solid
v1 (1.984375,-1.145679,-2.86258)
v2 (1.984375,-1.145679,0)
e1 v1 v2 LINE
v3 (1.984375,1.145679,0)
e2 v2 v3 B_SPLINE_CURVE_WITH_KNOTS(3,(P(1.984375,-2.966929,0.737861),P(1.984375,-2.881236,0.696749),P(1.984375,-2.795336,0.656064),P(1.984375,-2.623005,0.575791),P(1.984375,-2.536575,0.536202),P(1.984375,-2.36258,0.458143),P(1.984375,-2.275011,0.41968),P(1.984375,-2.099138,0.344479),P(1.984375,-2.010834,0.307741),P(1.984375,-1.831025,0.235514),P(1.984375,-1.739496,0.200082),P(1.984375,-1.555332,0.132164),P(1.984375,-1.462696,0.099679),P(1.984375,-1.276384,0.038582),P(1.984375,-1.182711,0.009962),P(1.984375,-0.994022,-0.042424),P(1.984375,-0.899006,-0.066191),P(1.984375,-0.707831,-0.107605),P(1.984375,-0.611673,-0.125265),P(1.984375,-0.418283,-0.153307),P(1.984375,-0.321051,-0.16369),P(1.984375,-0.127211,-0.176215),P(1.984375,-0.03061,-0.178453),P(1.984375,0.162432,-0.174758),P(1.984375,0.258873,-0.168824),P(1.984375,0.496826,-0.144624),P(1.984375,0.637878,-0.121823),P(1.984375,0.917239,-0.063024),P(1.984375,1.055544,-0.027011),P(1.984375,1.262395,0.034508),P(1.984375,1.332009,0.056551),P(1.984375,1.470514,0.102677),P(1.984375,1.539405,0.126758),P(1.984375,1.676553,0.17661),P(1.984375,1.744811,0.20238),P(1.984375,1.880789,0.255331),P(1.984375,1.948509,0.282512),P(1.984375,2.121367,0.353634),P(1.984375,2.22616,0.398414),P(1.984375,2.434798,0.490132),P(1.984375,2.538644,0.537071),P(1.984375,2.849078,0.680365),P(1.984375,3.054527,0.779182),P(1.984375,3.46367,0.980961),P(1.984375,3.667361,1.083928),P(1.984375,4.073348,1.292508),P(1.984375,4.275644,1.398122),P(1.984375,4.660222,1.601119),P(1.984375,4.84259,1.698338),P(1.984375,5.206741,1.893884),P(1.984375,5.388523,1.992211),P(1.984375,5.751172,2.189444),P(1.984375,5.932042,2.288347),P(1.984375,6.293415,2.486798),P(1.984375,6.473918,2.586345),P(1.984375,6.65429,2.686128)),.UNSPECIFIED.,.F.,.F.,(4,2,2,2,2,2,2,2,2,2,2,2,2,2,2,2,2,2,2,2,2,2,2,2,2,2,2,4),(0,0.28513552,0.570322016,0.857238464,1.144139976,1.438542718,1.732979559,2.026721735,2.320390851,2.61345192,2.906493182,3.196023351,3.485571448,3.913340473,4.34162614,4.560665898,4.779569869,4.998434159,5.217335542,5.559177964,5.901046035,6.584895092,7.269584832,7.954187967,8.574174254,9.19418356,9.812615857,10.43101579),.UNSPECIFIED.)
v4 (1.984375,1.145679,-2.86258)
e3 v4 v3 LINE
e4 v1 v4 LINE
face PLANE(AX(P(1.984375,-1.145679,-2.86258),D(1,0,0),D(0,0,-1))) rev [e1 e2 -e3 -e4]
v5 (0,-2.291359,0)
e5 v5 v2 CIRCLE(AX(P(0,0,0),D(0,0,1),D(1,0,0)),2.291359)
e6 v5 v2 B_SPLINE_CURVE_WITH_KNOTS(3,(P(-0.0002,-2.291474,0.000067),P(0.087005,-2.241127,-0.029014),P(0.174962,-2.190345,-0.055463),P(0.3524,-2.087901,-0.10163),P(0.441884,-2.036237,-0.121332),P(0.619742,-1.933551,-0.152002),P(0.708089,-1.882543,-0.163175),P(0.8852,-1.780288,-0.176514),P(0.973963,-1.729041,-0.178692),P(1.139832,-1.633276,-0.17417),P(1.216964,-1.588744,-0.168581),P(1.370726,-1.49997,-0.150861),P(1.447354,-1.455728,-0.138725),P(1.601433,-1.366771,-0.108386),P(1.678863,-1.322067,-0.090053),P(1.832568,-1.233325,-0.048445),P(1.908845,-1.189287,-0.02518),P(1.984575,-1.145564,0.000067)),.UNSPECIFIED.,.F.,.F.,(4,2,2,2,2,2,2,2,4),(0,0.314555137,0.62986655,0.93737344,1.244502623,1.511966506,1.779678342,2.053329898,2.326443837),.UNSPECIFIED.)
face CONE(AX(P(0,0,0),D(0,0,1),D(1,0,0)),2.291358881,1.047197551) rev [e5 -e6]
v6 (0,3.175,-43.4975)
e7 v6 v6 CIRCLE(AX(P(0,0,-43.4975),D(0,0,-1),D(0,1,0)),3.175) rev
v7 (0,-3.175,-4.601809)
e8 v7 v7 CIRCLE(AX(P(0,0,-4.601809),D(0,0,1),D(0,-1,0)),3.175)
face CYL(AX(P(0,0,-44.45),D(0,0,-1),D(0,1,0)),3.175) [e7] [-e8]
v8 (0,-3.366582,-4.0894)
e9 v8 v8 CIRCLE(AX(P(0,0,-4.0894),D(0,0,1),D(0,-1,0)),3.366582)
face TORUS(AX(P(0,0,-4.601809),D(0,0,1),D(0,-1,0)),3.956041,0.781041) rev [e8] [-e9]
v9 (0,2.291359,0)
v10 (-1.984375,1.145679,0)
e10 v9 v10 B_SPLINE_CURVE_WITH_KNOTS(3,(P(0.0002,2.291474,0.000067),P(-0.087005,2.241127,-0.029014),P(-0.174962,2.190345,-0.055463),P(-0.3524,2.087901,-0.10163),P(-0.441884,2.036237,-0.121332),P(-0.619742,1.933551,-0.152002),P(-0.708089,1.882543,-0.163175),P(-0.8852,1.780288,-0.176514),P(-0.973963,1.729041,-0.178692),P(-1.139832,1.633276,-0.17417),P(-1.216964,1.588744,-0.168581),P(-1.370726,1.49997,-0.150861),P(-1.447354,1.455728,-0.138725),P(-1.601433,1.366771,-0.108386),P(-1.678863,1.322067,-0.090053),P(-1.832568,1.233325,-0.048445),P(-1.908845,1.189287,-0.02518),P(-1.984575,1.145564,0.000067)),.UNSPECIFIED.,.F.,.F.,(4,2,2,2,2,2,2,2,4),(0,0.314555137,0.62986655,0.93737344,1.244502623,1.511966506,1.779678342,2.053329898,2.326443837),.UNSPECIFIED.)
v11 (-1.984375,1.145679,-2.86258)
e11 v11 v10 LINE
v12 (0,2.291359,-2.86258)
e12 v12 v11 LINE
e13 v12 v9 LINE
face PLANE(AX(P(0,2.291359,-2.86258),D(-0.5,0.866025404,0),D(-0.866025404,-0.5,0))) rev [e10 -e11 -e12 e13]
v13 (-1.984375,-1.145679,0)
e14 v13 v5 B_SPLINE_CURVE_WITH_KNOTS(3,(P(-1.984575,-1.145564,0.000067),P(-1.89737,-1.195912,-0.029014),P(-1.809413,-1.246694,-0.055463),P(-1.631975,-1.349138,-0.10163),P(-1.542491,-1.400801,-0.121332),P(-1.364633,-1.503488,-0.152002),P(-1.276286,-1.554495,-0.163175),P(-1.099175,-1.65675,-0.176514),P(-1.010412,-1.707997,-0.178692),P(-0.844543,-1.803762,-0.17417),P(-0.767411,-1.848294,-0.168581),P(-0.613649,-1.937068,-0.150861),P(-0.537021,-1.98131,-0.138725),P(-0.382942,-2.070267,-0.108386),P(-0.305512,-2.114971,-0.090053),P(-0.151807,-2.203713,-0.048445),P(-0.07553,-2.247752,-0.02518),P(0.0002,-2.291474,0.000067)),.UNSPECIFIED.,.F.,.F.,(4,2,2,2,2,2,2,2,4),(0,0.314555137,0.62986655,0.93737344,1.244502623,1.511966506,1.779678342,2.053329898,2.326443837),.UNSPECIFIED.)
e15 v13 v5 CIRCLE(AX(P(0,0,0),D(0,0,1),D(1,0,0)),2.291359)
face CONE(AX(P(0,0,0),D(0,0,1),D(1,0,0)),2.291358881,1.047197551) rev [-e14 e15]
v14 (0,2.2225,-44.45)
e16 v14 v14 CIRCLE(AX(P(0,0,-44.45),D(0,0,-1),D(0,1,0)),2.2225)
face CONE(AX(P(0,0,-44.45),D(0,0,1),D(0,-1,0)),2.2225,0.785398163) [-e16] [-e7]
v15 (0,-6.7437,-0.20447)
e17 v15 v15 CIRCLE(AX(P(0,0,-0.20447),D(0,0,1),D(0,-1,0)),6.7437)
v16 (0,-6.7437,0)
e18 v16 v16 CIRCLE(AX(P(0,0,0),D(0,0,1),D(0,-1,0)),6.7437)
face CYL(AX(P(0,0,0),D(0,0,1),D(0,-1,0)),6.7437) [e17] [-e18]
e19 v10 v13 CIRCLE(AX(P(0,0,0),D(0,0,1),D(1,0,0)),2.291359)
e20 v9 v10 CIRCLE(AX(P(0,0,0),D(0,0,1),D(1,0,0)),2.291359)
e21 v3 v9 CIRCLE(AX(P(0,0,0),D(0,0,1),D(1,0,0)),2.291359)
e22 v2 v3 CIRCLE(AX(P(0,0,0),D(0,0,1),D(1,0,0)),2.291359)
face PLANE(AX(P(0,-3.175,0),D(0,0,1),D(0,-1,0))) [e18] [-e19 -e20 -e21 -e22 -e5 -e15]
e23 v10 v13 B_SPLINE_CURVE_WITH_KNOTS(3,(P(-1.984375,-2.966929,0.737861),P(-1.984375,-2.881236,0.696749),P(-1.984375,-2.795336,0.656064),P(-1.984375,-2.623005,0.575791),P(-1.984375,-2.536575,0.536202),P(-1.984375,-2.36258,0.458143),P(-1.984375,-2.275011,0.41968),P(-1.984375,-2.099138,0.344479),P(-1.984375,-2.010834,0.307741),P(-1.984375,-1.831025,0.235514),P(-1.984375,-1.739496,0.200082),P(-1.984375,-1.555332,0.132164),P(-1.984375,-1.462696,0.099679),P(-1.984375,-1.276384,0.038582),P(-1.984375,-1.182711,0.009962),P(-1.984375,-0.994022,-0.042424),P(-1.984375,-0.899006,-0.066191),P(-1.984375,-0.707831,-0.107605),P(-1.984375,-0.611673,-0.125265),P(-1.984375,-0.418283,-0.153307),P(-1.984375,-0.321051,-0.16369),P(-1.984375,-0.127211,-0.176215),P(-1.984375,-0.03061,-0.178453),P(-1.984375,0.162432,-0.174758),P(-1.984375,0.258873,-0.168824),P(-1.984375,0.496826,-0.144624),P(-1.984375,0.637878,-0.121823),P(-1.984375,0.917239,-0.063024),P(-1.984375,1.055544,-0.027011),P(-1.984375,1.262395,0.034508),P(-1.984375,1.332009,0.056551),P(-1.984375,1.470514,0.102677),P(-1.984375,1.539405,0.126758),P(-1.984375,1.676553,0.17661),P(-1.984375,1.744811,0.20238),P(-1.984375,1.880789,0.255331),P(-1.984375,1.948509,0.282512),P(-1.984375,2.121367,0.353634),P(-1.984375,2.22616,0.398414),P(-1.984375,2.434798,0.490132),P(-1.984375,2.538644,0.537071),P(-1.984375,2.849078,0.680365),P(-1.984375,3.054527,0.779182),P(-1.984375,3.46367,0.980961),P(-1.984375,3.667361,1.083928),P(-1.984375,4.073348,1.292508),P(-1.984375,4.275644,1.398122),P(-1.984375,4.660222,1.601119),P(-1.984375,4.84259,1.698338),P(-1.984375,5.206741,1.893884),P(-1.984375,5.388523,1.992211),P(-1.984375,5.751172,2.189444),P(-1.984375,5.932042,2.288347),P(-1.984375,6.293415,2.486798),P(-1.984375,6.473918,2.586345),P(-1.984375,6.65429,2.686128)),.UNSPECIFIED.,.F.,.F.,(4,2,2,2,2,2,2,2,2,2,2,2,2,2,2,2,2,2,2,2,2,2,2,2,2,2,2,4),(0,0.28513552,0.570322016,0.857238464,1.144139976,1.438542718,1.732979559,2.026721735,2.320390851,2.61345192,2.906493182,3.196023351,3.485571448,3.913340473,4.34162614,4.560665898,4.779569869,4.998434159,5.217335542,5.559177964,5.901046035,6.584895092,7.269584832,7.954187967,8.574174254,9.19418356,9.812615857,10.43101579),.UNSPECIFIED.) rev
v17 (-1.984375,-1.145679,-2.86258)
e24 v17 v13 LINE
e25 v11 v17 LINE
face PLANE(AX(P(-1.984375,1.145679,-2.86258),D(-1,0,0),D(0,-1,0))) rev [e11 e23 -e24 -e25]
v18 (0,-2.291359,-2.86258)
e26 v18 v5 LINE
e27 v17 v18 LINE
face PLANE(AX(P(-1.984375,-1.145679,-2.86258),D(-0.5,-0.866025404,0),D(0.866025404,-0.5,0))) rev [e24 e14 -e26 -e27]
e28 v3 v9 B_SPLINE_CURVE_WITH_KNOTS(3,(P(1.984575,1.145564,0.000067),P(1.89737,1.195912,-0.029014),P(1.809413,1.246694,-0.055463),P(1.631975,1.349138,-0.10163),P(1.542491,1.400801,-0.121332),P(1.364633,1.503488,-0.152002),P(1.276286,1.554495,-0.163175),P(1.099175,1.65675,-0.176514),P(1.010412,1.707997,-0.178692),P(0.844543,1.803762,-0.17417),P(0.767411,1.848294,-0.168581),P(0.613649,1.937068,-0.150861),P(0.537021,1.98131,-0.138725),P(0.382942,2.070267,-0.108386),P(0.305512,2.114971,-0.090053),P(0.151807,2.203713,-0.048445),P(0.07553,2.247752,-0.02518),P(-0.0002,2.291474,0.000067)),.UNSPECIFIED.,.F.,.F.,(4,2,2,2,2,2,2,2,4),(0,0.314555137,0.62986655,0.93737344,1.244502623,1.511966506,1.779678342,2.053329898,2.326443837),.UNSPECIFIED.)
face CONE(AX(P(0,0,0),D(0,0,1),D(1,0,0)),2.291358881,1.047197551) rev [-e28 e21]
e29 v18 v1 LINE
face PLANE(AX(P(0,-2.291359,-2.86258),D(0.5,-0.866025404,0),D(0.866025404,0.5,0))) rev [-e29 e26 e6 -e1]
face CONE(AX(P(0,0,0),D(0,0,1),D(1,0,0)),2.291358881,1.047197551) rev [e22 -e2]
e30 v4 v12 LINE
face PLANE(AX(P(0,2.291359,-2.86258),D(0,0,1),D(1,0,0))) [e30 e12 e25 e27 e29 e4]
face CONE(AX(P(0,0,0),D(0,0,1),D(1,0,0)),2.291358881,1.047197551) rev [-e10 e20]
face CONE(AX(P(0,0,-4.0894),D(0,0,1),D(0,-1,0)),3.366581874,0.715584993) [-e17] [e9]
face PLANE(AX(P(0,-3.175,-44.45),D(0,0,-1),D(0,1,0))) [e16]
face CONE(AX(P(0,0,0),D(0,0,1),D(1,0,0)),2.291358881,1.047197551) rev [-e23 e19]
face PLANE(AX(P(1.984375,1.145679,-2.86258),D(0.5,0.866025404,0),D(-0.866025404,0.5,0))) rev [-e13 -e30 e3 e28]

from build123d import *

# Parameters (mm, degrees)
SKETCH1_W           = 44.45
SKETCH1_H           = 3.175
CHAMFER1_SIZE       = 0.9525
CUT_EXTRUDE2_DEPTH  = 2.86258
BOSS_EXTRUDE2_START = -17.623191003
SKETCH9_R           = 3.175
BOSS_EXTRUDE2_DEPTH = 17.623191003


with BuildPart() as part:
    # Sketch1 → Revolve1 (revolve)
    with BuildSketch(Plane(origin=(0, 0, 0), x_dir=(0, 0, -1), z_dir=(1, 0, 0))):
        with Locations((22.225, 1.5875)):
            Rectangle(SKETCH1_W, SKETCH1_H)
    revolve(axis=Axis((0, 0, -44.45), (0, 0, 1)))

    # Chamfer1
    chamfer1_edges = [part.edges().sort_by_distance(p)[0] for p in [
        (0, -3.175, -44.45),
    ]]
    chamfer(chamfer1_edges, length=CHAMFER1_SIZE)

    # Sketch7 → Revolve2 (revolve)
    with BuildSketch(Plane(origin=(0, 0, 0), x_dir=(0, 0, -1), z_dir=(1, 0, 0)), mode=Mode.PRIVATE) as revolve2_sk:
        with BuildLine():
            Line((0, 6.7437), (0.20447, 6.7437))
            Line((0.20447, 6.7437), (4.0894, 3.366581874))
            ThreePointArc((4.0894, 3.366581874), (4.328282675, 3.224461616), (4.601808997, 3.175))
            Line((4.601808997, 3.175), (4.601808997, 0))
            Line((4.601808997, 0), (0, 0))
            Line((0, 0), (0, 6.7437))
        make_face()
    revolve(revolve2_sk.sketch.rotate(Axis((0, 0, 0), (0, 0, -1)), 180), axis=Axis((0, 0, 0), (0, 0, -1)))

    # Boss-Extrude1 cone 1 section (through the dimple's axis) → Boss-Extrude1 (revolve)
    with BuildSketch(Plane(origin=(0, 0, -4.601808997), x_dir=(0, -1, 0), z_dir=(1, 0, 0))):
        Polygon((0, 0), (3.175, 0), (0, 3.06606186), align=None)
    revolve(axis=Axis((0, 0, -4.601808997), (0, 0, -1)))

    # Sketch5 → Cut-Extrude2 (cut)
    with BuildSketch(Plane.XY):
        Polygon((0, 2.291358881), (-1.984375, 1.14567944), (-1.984375, -1.14567944), (0, -2.291358881), (1.984375, -1.14567944), (1.984375, 1.14567944), align=None)
    extrude(amount=-CUT_EXTRUDE2_DEPTH, mode=Mode.SUBTRACT)

    # Cut-Extrude3 cone 1 section (through the dimple's axis) → Cut-Extrude3 (revolve, cut)
    with BuildSketch(Plane(origin=(0, 0, 0), x_dir=(0, -1, 0), z_dir=(1, 0, 0))):
        Polygon((0, 0), (2.291358881, 0), (0, 1.322916667), align=None)
    revolve(axis=Axis((0, 0, 0), (0, 0, -1)), mode=Mode.SUBTRACT)

    # Sketch9 → Boss-Extrude2 (add)
    with BuildSketch(Plane.XY.offset(-4.601808997).offset(BOSS_EXTRUDE2_START)):
        with Locations(Location((0, 0, 0), (0, 0, 90))):
            Circle(SKETCH9_R)
    extrude(amount=BOSS_EXTRUDE2_DEPTH)


solid = part.part
